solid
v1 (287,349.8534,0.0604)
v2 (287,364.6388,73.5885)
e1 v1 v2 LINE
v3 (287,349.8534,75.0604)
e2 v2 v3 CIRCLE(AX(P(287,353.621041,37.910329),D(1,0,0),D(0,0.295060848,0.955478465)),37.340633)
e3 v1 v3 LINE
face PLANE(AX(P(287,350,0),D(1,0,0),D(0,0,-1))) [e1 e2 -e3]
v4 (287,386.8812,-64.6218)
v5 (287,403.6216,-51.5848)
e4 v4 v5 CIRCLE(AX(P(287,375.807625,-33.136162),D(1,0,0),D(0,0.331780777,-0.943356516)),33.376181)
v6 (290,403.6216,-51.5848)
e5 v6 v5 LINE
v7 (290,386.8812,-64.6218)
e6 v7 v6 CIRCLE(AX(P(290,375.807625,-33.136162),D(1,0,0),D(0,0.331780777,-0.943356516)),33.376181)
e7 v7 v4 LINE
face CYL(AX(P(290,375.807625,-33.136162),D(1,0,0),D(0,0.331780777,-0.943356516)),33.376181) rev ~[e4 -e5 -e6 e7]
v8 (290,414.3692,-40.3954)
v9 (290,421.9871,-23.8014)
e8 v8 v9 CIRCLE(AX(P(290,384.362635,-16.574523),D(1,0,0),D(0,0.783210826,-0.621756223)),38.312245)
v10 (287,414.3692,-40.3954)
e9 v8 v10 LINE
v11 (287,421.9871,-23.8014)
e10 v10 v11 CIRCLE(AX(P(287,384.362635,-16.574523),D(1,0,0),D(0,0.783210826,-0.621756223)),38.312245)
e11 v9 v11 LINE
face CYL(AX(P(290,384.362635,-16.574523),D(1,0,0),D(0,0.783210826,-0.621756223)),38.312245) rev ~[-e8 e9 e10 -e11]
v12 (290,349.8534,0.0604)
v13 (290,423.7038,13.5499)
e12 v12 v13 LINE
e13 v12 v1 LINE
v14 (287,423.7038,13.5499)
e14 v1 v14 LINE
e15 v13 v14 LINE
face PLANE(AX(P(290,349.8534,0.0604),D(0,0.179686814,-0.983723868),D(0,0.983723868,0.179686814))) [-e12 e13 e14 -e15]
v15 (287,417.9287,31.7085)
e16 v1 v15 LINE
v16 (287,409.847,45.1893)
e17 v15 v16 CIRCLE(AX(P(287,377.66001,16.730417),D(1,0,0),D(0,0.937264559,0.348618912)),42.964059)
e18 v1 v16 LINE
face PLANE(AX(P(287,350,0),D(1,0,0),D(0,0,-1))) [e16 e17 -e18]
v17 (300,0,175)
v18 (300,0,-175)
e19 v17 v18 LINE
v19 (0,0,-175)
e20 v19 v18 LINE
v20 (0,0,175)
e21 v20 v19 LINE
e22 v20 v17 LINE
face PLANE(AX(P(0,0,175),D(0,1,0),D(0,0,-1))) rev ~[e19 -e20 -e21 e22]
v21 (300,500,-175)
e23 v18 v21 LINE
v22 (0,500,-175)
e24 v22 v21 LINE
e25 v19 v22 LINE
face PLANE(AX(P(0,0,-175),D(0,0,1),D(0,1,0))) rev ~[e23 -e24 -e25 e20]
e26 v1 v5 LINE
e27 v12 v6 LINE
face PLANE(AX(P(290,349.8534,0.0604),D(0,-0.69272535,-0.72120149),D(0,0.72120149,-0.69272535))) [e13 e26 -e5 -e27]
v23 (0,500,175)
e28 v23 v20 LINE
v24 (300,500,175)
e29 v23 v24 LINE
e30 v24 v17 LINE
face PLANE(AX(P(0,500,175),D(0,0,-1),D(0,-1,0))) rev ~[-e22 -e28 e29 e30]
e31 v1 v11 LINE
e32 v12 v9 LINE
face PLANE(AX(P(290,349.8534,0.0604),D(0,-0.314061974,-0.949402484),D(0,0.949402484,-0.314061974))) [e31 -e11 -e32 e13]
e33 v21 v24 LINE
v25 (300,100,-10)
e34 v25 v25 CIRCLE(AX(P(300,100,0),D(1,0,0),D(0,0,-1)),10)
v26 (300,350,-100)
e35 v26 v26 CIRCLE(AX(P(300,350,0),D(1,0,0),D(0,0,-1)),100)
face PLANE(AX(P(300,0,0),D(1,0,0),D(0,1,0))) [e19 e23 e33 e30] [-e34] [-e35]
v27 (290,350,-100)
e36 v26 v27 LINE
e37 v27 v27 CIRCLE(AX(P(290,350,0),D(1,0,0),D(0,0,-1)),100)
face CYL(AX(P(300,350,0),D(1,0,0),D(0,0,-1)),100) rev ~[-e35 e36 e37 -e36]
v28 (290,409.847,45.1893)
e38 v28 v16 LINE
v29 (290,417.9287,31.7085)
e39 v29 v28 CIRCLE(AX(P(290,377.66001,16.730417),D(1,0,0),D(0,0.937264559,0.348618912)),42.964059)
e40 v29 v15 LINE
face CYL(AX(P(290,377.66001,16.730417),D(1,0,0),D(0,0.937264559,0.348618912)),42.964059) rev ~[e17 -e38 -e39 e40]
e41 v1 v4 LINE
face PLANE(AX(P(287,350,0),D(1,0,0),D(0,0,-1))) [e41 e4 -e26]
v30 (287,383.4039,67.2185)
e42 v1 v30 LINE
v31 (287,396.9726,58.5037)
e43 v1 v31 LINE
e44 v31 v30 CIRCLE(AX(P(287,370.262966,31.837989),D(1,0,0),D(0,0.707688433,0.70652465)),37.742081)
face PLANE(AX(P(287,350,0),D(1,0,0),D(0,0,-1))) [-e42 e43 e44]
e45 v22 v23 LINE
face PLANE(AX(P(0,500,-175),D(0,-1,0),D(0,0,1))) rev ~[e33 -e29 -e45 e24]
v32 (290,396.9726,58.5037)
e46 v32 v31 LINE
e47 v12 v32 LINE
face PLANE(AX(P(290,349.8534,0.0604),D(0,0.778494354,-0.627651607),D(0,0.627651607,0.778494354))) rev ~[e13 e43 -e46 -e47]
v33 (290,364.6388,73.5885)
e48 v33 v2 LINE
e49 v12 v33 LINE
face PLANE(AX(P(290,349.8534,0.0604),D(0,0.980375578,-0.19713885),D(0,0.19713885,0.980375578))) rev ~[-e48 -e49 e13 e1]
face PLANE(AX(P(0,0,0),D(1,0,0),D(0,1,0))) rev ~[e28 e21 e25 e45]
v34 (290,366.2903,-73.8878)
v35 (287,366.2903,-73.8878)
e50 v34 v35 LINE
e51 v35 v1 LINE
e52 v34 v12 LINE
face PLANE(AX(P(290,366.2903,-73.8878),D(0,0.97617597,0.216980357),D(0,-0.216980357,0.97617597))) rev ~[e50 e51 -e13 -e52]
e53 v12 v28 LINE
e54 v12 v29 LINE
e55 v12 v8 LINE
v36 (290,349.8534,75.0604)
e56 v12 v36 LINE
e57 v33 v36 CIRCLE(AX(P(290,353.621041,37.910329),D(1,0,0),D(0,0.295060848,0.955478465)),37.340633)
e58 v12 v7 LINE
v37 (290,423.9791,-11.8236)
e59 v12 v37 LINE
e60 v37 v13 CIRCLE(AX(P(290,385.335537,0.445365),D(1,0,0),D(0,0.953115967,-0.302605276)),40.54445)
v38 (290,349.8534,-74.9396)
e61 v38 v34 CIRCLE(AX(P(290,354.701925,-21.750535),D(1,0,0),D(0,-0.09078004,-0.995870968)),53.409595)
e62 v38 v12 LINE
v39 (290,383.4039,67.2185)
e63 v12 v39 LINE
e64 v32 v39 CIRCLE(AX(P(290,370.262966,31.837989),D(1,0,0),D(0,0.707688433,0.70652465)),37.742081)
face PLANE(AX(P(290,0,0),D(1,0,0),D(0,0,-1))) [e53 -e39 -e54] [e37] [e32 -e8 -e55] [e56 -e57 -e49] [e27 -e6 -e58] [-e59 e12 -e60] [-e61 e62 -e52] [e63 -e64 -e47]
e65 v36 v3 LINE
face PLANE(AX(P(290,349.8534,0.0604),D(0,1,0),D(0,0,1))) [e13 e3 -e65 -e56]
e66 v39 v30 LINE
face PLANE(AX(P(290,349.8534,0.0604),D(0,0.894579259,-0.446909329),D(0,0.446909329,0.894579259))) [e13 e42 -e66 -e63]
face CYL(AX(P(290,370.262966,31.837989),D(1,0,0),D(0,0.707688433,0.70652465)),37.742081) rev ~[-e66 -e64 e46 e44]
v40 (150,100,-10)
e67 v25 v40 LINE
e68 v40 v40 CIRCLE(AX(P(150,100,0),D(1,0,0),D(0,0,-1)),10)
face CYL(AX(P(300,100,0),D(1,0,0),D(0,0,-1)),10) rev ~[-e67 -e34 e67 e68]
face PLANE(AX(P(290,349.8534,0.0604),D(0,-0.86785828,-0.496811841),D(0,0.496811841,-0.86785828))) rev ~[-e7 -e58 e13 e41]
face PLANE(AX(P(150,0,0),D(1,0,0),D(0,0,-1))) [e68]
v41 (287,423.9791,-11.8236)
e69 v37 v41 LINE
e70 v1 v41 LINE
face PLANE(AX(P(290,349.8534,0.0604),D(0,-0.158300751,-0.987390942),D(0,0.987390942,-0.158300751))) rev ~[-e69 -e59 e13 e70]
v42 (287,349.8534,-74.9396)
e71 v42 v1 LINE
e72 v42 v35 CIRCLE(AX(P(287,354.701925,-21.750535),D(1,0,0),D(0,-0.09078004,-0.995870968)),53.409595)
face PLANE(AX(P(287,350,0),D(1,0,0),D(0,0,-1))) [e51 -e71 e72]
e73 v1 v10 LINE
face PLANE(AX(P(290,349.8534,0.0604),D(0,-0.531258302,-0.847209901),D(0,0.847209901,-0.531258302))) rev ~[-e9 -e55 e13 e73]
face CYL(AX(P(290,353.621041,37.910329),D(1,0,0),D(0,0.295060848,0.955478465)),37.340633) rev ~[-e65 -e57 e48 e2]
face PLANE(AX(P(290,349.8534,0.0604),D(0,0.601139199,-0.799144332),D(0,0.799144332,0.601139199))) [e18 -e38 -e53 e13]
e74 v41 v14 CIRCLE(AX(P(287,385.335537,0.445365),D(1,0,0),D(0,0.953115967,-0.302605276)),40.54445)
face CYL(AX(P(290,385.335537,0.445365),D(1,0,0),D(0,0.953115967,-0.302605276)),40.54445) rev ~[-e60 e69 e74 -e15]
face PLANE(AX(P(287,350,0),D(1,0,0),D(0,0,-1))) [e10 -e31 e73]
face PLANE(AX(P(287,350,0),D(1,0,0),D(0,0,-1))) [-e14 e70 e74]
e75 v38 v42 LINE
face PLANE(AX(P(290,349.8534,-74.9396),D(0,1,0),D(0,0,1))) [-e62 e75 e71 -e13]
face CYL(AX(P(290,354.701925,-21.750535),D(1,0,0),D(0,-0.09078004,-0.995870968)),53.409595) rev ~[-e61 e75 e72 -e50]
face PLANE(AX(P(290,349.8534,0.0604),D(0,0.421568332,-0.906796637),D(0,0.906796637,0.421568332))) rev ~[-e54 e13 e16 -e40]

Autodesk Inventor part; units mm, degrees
ref_plane "YZ Plane" through (0, 0, 0) normal (1, 0, 0) x (0, 1, 0)
ref_plane "XZ Plane" through (0, 0, 0) normal (0, 1, 0) x (-1, 0, 0)
ref_plane "XY Plane" through (0, 0, 0) normal (0, 0, 1) x (1, 0, 0)
sketch "Sketch1" plane through (0, 0, 0) normal (1, 0, 0) x (0, 1, 0)
  point P0 (0, 0)
sketch "Sketch2" plane through (0, 0, 0) normal (1, 0, 0) x (0, 1, 0)
  line L0 (500, 175) -> (0, 175)
  line L1 (0, 175) -> (0, -175)
  line L2 (0, -175) -> (500, -175)
  line L3 (500, -175) -> (500, 175)
  point P0 (0, 0)
  dimension "d0" = 500
  dimension "d1" = 350
  dimension "d2" = 175
  dimension "d3" = 500
extrude "Extrusion1" add sketch "Sketch2" along normal blind 300
sketch "Sketch3" plane through (300, 0, 0) normal (1, 0, 0) x (0, 0, -1)
  circle A0 centre (0, 350) radius 100
  point P0 (0, 0)
  dimension "d6" = 200
  dimension "d7" = 350
extrude "Extrusion2" cut sketch "Sketch3" against normal blind 10
sketch "Sketch6" plane through (290, 350, 0) normal (1, 0, 0) x (0, 0, -1)
  line L0 (-0.0604, -0.1466) -> (-75.0604, -0.1466)
  line L1 (-75.0604, -0.1466) -> (-0.0604, -0.1466)
  line L2 (-0.0604, -0.1466) -> (-73.5885, 14.6388)
  line L3 (-0.0604, -0.1466) -> (-67.2185, 33.4039)
  line L4 (-0.0604, -0.1466) -> (-58.5037, 46.9726)
  line L5 (-0.0604, -0.1466) -> (-45.1893, 59.847)
  line L6 (-0.0604, -0.1466) -> (-31.7085, 67.9287)
  line L7 (-0.0604, -0.1466) -> (-13.5499, 73.7038)
  line L8 (-0.0604, -0.1466) -> (11.8236, 73.9791)
  arc A0 (-73.5885, 14.6388) -> (-75.0604, -0.1466) centre (-37.9126, 3.6215) ccw
  arc A1 (-58.5037, 46.9726) -> (-67.2185, 33.4039) centre (-31.8389, 20.2637) ccw
  arc A2 (-31.7085, 67.9287) -> (-45.1893, 59.847) centre (-16.7307, 27.6606) ccw
  arc A3 (11.8236, 73.9791) -> (-13.5499, 73.7038) centre (-0.4454, 35.3353) ccw
  line L9 (-0.0604, -0.1466) -> (64.6218, 36.8812)
  line L10 (-0.0604, -0.1466) -> (51.5848, 53.6216)
  line L11 (-0.0604, -0.1466) -> (40.3954, 64.3692)
  line L12 (-0.0604, -0.1466) -> (23.8014, 71.9871)
  arc A4 (40.3954, 64.3692) -> (23.8014, 71.9871) centre (16.5753, 34.3639) ccw
  arc A5 (64.6218, 36.8812) -> (51.5848, 53.6216) centre (33.1363, 25.8077) ccw
  arc A6 (74.9396, -0.1466) -> (73.8878, 16.2903) centre (21.7524, 4.7019) ccw
  line L13 (73.8878, 16.2903) -> (-0.0604, -0.1466)
  line L14 (74.9396, -0.1466) -> (-0.0604, -0.1466)
  point P0 (0, -350)
  dimension "d18" = 75
  dimension "d20" = 11.37
  dimension "d21" = 75
extrude "Extrusion3" cut sketch "Sketch6" against normal blind 3
sketch "Sketch7" plane through (300, 0, 0) normal (1, 0, 0) x (0, 0, -1)
  circle A0 centre (0, 100) radius 10
  point P0 (0, 0)
  dimension "d24" = 100
  dimension "d25" = 20
extrude "Extrusion4" cut sketch "Sketch7" against normal blind 150
equation "\"d21\" = d18"
properties part number "holder"
